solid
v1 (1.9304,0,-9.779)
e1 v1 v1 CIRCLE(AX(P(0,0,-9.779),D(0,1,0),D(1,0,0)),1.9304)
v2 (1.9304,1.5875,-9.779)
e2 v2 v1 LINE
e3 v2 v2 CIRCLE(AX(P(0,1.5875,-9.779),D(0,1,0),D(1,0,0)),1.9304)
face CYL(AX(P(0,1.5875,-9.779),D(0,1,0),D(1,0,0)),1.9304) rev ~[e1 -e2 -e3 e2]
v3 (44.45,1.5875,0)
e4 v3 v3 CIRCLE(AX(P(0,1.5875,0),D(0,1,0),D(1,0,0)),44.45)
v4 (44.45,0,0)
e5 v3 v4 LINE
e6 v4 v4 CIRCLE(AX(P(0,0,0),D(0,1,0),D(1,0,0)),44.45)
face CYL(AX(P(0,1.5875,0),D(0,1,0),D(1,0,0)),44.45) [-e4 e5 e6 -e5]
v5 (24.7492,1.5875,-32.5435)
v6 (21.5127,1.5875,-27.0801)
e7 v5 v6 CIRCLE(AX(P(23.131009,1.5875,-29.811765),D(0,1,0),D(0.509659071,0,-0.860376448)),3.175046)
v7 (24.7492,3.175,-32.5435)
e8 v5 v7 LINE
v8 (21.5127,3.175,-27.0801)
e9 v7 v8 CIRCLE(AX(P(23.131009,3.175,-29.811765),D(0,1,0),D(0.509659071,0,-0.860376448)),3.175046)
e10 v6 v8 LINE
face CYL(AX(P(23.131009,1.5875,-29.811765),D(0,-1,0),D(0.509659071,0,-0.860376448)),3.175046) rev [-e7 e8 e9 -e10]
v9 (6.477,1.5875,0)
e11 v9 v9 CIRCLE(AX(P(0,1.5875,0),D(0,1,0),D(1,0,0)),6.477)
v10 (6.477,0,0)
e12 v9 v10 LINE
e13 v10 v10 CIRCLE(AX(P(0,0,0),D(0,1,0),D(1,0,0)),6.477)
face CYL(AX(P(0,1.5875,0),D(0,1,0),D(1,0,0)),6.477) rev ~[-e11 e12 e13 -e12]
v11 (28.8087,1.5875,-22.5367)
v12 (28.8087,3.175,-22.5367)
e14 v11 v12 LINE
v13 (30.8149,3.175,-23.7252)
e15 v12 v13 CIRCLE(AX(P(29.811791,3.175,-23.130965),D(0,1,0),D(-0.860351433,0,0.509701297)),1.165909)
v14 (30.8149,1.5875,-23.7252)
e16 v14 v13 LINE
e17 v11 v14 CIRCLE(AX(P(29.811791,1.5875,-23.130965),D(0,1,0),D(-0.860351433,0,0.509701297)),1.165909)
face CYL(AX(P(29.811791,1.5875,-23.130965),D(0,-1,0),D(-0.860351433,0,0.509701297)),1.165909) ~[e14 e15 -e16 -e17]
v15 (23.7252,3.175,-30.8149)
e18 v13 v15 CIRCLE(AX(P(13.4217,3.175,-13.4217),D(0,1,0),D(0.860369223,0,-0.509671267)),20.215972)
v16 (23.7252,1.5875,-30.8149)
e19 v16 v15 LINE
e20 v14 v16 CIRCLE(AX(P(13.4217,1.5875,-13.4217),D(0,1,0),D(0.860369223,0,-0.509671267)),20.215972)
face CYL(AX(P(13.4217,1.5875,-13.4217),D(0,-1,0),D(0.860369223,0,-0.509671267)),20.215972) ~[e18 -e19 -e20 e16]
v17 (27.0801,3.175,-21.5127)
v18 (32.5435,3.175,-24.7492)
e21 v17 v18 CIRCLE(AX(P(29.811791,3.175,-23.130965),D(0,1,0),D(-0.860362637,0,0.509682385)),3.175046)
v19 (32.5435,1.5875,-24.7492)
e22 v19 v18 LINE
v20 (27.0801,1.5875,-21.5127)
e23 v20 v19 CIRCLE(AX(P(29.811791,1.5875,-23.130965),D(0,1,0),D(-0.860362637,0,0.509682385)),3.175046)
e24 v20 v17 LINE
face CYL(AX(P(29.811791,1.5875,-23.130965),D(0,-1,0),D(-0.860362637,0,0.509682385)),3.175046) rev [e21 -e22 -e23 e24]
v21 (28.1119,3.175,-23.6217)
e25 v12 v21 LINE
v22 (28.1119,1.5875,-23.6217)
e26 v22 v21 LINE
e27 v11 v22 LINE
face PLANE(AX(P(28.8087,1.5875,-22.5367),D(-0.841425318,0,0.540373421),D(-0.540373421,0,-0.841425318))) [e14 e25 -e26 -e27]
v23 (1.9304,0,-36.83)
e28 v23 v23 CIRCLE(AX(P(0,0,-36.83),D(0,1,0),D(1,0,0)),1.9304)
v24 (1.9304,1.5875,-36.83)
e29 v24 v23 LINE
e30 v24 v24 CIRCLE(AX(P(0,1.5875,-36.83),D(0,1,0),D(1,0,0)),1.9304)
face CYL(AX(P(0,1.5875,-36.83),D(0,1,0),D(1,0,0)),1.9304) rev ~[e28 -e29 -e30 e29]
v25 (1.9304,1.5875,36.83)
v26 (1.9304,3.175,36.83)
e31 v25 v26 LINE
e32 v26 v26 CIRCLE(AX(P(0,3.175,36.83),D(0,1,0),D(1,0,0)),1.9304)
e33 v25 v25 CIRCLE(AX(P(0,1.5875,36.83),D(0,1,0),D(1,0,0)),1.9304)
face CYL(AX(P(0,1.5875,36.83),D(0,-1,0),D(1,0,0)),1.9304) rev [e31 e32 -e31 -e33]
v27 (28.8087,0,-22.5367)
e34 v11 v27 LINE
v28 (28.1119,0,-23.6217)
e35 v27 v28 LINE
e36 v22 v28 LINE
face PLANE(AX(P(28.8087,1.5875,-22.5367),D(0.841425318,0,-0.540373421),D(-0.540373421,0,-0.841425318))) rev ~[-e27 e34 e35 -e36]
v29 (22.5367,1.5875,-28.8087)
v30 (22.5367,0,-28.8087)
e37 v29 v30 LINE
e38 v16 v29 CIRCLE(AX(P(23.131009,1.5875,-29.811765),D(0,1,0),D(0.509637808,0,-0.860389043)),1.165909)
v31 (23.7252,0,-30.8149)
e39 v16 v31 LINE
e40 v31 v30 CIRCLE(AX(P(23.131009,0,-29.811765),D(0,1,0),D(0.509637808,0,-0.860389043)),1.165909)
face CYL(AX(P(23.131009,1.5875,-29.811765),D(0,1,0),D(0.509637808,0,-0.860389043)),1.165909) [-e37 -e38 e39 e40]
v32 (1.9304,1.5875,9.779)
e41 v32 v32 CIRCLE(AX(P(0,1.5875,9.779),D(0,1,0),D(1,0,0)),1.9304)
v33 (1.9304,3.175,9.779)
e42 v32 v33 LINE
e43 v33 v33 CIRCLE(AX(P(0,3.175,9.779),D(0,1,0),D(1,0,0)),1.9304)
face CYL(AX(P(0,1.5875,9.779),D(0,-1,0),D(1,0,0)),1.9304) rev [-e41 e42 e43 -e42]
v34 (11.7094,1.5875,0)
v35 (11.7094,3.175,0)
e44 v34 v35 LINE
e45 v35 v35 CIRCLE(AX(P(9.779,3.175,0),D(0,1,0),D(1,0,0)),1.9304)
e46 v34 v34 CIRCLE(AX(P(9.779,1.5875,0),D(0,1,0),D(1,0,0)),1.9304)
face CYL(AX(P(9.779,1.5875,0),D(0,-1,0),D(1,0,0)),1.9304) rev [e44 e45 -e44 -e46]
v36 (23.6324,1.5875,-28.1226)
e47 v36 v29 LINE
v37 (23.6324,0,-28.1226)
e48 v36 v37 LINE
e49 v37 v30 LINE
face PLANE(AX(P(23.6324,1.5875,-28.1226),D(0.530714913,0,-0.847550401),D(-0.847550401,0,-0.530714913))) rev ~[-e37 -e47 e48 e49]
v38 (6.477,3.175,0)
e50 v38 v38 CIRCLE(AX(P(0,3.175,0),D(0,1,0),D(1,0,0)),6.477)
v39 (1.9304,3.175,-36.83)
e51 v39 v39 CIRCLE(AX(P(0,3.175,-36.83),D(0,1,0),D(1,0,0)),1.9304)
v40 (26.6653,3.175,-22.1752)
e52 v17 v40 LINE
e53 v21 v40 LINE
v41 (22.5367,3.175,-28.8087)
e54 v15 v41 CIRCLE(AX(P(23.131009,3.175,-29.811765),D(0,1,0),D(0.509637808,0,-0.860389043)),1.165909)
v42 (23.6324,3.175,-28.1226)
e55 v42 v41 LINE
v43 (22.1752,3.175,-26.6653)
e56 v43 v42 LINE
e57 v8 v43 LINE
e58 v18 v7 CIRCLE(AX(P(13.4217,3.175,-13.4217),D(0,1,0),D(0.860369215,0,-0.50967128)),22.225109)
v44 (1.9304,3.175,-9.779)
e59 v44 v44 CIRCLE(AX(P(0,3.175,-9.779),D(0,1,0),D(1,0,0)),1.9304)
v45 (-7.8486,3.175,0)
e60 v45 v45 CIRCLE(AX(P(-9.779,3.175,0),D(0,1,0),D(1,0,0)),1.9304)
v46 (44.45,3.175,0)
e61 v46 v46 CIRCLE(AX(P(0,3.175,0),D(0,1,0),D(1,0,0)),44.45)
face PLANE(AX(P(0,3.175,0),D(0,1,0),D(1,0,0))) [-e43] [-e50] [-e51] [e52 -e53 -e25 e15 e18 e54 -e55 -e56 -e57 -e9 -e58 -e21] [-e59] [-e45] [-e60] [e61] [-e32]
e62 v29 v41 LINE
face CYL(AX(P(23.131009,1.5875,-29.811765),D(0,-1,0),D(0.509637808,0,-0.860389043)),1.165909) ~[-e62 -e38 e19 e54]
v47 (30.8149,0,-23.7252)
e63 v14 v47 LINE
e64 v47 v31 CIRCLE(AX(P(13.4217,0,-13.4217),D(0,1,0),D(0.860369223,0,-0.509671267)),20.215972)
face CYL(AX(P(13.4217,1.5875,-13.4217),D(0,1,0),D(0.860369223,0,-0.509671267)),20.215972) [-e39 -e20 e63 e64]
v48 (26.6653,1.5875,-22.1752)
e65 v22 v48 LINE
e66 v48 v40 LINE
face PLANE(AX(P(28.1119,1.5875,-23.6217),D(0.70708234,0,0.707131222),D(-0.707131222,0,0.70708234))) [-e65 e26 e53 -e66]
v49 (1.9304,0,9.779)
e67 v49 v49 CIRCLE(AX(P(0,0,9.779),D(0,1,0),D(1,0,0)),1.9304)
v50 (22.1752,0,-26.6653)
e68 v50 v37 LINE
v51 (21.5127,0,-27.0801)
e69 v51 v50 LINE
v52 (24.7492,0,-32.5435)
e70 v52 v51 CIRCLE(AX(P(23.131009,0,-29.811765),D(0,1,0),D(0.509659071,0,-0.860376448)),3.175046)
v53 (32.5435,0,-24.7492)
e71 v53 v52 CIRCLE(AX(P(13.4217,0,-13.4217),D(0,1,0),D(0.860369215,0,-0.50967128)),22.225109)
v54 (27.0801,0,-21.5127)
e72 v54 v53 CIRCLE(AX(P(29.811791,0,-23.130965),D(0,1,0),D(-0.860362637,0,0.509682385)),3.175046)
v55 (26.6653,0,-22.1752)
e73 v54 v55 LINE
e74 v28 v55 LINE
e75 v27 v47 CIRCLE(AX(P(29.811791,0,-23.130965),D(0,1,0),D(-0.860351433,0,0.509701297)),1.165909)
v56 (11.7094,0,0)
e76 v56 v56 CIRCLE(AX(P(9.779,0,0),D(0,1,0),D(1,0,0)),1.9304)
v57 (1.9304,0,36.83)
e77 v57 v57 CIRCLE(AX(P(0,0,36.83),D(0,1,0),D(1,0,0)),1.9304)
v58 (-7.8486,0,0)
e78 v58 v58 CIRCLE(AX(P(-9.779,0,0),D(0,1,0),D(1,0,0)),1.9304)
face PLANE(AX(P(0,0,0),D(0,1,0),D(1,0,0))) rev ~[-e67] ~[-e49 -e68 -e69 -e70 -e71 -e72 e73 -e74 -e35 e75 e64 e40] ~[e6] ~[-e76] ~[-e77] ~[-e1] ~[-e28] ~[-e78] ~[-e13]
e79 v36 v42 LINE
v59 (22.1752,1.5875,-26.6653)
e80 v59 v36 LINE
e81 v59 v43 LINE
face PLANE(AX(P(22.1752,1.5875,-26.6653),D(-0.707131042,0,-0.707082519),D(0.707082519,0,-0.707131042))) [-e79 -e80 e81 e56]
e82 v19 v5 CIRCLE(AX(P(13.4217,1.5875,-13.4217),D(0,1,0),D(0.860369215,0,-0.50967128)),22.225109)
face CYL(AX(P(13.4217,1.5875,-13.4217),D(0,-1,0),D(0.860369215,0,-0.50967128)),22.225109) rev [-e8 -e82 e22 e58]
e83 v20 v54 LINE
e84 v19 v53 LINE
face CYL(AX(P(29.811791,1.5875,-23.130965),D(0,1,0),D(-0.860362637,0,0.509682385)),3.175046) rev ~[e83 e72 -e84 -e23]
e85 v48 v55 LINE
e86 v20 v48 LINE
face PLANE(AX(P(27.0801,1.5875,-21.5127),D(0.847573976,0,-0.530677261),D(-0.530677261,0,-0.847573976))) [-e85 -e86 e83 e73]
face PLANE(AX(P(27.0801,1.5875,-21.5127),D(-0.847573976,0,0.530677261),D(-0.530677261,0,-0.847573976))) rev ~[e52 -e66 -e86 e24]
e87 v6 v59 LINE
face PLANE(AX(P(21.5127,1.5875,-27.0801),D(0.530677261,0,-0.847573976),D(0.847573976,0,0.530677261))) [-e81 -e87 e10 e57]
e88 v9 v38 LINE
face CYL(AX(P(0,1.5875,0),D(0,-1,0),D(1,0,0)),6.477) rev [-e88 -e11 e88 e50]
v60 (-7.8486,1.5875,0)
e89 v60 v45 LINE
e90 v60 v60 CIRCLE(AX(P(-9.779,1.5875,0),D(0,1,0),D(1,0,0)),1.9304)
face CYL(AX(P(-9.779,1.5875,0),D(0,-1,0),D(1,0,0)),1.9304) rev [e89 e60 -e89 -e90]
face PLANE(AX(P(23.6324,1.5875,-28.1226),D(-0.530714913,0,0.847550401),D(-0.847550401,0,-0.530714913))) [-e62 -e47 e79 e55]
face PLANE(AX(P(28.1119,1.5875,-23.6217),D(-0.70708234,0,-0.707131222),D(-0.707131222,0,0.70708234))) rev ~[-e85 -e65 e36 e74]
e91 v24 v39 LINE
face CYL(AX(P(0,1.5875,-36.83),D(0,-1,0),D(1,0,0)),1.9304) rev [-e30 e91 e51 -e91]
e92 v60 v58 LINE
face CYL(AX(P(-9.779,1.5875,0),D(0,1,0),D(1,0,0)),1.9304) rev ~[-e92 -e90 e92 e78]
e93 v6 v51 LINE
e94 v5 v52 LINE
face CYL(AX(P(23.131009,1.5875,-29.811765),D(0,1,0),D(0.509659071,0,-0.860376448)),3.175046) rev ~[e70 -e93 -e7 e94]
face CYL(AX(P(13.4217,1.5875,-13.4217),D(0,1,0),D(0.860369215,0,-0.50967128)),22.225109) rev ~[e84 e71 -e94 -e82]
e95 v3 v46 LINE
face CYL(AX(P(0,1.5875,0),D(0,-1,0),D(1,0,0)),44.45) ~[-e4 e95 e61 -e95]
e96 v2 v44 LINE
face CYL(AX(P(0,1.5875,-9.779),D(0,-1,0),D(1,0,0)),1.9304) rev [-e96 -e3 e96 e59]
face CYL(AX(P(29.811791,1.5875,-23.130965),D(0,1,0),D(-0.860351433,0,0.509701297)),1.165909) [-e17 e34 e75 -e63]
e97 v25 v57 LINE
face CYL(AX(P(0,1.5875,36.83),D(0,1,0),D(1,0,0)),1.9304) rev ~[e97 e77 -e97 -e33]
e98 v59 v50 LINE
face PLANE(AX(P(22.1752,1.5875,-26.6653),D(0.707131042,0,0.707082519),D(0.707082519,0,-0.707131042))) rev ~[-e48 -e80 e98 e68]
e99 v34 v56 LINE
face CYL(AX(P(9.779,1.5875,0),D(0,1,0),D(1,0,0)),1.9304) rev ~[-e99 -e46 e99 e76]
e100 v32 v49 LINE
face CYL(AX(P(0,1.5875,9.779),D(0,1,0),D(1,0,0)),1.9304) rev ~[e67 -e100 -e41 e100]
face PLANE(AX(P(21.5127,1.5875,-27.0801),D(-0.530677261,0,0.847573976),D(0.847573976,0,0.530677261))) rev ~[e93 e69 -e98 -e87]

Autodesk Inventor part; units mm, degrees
ref_plane "YZ Plane" through (0, 0, 0) normal (1, 0, 0) x (0, 1, 0)
ref_plane "XZ Plane" through (0, 0, 0) normal (0, 1, 0) x (-1, 0, 0)
ref_plane "XY Plane" through (0, 0, 0) normal (0, 0, 1) x (1, 0, 0)
ref_plane "Work Plane1" through (0, 1.5875, 0) normal (0, 1, 0) x (1, 0, 0)
sketch "Sketch1" plane through (0, 1.5875, 0) normal (0, 1, 0) x (1, 0, 0)
  circle A0 centre (0, 0) radius 44.45
  circle A1 centre (0, -9.779) radius 1.778 construction
  circle A2 centre (-9.779, 0) radius 1.778 construction
  circle A3 centre (0, 9.779) radius 1.778 construction
  circle A4 centre (9.779, 0) radius 1.778 construction
  circle A5 centre (0, 0) radius 6.35 construction
  circle A6 centre (0, -9.779) radius 1.9304
  circle A7 centre (-9.779, 0) radius 1.9304
  circle A8 centre (0, 9.779) radius 1.9304
  circle A9 centre (9.779, 0) radius 1.9304
  circle A10 centre (0, 0) radius 6.477
  circle A11 centre (0, 0) radius 34.925 construction
  circle A12 centre (0, -36.83) radius 1.9304
  circle A13 centre (0, 36.83) radius 1.9304
  line L0 (0, 0) -> (31.4309, 31.4309) construction
  line L1 (0, 0) -> (44.45, 0) construction
  line L2 (28.8087, 22.5367) -> (28.1119, 23.6217)
  line L3 (22.1752, 26.6653) -> (23.6324, 28.1226)
  line L4 (23.6324, 28.1226) -> (22.5367, 28.8087)
  line L5 (21.5127, 27.0801) -> (22.1752, 26.6653)
  line L6 (28.1119, 23.6217) -> (26.6653, 22.1752)
  arc A14 (28.8087, 22.5367) -> (30.8149, 23.7252) centre (29.8118, 23.131) ccw
  arc A15 (23.7252, 30.8149) -> (22.5367, 28.8087) centre (23.131, 29.8118) ccw
  arc A16 (24.7492, 32.5435) -> (21.5127, 27.0801) centre (23.131, 29.8118) ccw
  arc A17 (27.0801, 21.5127) -> (32.5435, 24.7492) centre (29.8118, 23.131) ccw
  arc A18 (30.8149, 23.7252) -> (23.7252, 30.8149) centre (13.4217, 13.4217) ccw
  arc A19 (32.5435, 24.7492) -> (24.7492, 32.5435) centre (13.4217, 13.4217) ccw
  line L7 (27.0801, 21.5127) -> (26.6653, 22.1752)
  point P0 (24.7492, 32.5435)
  dimension "d1" = 88.9
  dimension "d2" = 3.8608
  dimension "d3" = 3.8608
  dimension "d5" = 3.8608
  dimension "d6" = 12.954
  dimension "d7" = 69.85
  dimension "d8" = 3.8608
  dimension "d10" = 3.8608
  dimension "d11" = 36.83
  dimension "d12" = 45
  dimension "d13" = 36.83
extrude "Extrusion1" add sketch "Sketch1" along normal mid plane 3.175
properties part number "615468 outer plate"
